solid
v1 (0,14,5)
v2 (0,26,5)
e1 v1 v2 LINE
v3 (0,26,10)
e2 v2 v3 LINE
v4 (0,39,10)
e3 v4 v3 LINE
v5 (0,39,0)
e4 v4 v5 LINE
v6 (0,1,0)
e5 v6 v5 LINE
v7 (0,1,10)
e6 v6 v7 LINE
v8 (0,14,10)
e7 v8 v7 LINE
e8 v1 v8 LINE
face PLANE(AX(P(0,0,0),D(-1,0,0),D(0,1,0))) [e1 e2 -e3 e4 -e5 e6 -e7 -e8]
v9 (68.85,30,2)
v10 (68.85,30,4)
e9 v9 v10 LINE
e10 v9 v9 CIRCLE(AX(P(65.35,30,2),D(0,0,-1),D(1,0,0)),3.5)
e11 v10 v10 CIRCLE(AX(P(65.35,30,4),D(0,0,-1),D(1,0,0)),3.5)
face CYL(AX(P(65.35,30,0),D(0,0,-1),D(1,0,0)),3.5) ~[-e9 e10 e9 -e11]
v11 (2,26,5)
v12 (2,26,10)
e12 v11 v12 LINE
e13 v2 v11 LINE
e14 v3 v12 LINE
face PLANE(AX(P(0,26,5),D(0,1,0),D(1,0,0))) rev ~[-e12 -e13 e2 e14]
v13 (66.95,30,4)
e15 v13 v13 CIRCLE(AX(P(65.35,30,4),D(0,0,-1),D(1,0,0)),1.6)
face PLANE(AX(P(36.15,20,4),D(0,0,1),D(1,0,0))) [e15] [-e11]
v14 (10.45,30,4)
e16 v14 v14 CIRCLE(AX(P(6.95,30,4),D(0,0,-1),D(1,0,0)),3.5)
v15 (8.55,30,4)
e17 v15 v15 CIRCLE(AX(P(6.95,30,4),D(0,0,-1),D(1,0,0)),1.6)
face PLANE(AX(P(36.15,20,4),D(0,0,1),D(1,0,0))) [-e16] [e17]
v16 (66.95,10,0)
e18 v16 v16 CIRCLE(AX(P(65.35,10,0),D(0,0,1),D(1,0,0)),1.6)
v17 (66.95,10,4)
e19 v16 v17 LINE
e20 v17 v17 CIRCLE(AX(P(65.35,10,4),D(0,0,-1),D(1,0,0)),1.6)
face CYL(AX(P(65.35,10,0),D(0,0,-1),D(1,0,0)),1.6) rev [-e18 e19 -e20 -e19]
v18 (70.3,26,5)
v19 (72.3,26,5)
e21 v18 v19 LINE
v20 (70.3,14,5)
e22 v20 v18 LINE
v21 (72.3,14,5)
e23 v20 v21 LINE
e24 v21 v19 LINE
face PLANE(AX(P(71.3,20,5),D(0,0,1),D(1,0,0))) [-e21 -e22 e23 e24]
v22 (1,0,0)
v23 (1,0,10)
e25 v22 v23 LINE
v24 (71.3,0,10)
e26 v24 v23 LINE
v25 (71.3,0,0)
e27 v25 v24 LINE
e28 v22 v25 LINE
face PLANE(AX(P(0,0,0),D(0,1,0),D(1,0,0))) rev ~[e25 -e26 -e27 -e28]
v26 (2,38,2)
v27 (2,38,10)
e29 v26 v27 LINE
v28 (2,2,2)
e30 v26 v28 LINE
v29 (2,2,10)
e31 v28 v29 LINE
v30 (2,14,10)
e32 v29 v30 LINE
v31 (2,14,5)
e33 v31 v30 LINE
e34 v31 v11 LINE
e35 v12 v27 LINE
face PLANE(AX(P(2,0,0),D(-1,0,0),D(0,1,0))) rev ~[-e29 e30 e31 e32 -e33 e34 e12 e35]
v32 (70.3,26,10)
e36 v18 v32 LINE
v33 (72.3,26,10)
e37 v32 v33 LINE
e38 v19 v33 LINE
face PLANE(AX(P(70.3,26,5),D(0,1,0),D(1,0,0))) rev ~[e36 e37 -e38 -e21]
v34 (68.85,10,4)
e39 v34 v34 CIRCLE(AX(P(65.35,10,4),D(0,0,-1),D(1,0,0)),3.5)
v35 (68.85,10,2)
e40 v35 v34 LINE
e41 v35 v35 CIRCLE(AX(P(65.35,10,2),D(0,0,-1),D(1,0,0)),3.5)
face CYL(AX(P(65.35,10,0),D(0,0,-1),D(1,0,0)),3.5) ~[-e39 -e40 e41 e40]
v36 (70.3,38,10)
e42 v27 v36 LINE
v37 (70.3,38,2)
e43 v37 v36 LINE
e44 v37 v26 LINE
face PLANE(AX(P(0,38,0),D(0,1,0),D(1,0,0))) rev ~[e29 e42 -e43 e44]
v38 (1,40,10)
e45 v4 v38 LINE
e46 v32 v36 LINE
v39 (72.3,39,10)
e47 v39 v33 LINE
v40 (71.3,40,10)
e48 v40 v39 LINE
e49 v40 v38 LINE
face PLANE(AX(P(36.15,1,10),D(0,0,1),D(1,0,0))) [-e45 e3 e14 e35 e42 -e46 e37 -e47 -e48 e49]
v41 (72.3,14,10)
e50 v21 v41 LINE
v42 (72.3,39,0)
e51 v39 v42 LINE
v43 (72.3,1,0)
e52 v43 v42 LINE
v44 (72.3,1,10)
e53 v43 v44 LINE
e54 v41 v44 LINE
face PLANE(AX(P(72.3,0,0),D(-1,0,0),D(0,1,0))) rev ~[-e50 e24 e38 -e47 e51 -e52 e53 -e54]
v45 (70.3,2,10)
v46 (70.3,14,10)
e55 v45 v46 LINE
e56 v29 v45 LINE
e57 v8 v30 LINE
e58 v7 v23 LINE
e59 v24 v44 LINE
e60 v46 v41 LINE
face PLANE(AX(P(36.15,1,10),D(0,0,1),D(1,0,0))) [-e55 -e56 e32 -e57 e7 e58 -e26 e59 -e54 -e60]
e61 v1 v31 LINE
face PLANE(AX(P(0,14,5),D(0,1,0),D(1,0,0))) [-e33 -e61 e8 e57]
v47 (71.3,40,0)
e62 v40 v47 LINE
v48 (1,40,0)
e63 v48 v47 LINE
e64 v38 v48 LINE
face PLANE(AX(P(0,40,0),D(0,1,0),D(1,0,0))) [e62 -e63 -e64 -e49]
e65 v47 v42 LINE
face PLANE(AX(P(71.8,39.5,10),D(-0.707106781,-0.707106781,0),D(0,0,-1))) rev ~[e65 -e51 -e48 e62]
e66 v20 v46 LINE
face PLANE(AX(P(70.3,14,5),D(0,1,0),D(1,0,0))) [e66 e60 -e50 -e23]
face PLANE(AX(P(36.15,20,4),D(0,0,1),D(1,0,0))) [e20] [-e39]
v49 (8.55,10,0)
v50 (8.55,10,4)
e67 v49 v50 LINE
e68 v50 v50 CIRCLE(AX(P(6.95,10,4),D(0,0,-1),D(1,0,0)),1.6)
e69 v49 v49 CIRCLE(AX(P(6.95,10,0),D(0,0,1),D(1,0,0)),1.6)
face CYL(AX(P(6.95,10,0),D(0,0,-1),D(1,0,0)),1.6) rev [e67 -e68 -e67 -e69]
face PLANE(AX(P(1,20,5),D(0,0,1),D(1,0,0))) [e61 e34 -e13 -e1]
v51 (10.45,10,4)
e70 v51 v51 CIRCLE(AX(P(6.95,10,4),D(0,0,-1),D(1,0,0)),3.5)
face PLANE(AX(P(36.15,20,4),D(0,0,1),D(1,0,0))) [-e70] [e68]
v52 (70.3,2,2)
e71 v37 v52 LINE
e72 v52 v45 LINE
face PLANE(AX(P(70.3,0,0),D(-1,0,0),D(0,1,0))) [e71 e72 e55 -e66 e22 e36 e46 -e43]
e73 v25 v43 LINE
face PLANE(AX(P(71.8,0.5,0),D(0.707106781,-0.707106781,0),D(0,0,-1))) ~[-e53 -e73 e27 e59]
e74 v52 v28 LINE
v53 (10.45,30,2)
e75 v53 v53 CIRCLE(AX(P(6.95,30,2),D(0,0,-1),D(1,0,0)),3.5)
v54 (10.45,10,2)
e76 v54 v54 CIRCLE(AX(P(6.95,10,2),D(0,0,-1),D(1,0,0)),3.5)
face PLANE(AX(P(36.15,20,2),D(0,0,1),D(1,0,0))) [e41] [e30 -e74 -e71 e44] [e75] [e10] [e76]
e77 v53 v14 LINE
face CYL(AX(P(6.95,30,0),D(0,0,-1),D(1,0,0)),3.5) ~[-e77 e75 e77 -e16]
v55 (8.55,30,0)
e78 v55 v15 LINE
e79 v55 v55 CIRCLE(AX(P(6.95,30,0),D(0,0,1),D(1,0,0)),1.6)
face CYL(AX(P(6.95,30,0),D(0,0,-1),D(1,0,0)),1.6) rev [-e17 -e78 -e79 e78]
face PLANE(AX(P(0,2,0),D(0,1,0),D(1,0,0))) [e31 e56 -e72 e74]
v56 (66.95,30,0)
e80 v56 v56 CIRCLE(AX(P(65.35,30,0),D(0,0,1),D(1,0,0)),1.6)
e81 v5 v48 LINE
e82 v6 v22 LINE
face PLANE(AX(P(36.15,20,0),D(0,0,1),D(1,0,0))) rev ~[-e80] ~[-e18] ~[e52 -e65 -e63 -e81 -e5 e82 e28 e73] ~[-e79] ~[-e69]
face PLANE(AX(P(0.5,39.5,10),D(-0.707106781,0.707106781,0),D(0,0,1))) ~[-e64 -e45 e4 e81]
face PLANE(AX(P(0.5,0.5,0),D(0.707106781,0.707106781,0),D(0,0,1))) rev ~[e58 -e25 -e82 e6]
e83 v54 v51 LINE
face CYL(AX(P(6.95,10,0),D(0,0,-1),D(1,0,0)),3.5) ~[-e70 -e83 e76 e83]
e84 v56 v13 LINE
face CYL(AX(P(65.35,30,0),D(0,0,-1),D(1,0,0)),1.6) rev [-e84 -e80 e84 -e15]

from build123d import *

# Parameters (mm, degrees)
BOX_W             = 67.3
BOX_H             = 34.3
BOX_DEPTH         = 1
BOX007_W          = 2
BOX007_H          = 12
BOX007_DEPTH      = 5
BOX008_W          = 2
BOX008_H          = 12
BOX008_DEPTH      = 5
CYLINDER006_R     = 1.6
CYLINDER006_DEPTH = 5
CYLINDER004_R     = 1.6
CYLINDER004_DEPTH = 5
CYLINDER005_R     = 1.6
CYLINDER005_DEPTH = 5
CYLINDER007_R     = 1.6
CYLINDER007_DEPTH = 5
BOX005_W          = 72.3
BOX005_H          = 2
BOX005_DEPTH      = 10
BOX004_W          = 2
BOX004_H          = 40
BOX004_DEPTH      = 10
BOX003_W          = 2
BOX003_H          = 40
BOX003_DEPTH      = 10
BOX006_W          = 72.3
BOX006_H          = 2
BOX006_DEPTH      = 10
BOX002_W          = 72.3
BOX002_H          = 40
BOX002_DEPTH      = 2
CYLINDER002_R     = 3.5
CYLINDER002_DEPTH = 5
CYLINDER001_R     = 3.5
CYLINDER001_DEPTH = 5
CYLINDER_R        = 3.5
CYLINDER_DEPTH    = 5
CYLINDER003_R     = 3.5
CYLINDER003_DEPTH = 5
CHAMFER_SIZE      = 1


with BuildPart() as cube:
    # Box → Box (new body)
    with BuildSketch(Plane(origin=(2.5, 2.85, 4), x_dir=(1, 0, 0), z_dir=(0, 0, 1))):
        with Locations((33.65, 17.15)):
            Rectangle(BOX_W, BOX_H)
    extrude(amount=BOX_DEPTH)


with BuildPart() as cube007:
    # Box007 → Box007 (new body)
    with BuildSketch(Plane(origin=(0, 14, 2), x_dir=(1, 0, 0), z_dir=(0, 0, 1))):
        with Locations((1, 6)):
            Rectangle(BOX007_W, BOX007_H)
    extrude(amount=BOX007_DEPTH)


with BuildPart() as fusion005:
    # Box008 → Box008 (new body)
    with BuildSketch(Plane(origin=(70.3, 14, 2), x_dir=(1, 0, 0), z_dir=(0, 0, 1))):
        with Locations((1, 6)):
            Rectangle(BOX008_W, BOX008_H)
    extrude(amount=BOX008_DEPTH)

    # Fusion005: union Cube007
    add(cube007.part)


with BuildPart() as fusion005_1:
    # Fusion005 placement: moved
    add(fusion005.part.moved(Location((0, 0, 3))))


with BuildPart() as cylinder006:
    # Cylinder006 → Cylinder006 (new body)
    with BuildSketch(Plane(origin=(65.35, 10, 0), x_dir=(1, 0, 0), z_dir=(0, 0, 1))):
        Circle(CYLINDER006_R)
    extrude(amount=CYLINDER006_DEPTH)


with BuildPart() as cylinder004:
    # Cylinder004 → Cylinder004 (new body)
    with BuildSketch(Plane(origin=(6.95, 30, 0), x_dir=(1, 0, 0), z_dir=(0, 0, 1))):
        Circle(CYLINDER004_R)
    extrude(amount=CYLINDER004_DEPTH)


with BuildPart() as cylinder005:
    # Cylinder005 → Cylinder005 (new body)
    with BuildSketch(Plane(origin=(65.35, 30, 0), x_dir=(1, 0, 0), z_dir=(0, 0, 1))):
        Circle(CYLINDER005_R)
    extrude(amount=CYLINDER005_DEPTH)


with BuildPart() as fusion002:
    # Cylinder007 → Cylinder007 (new body)
    with BuildSketch(Plane(origin=(6.95, 10, 0), x_dir=(1, 0, 0), z_dir=(0, 0, 1))):
        Circle(CYLINDER007_R)
    extrude(amount=CYLINDER007_DEPTH)

    # Fusion002: union Cylinder006, Cylinder004, Cylinder005
    add(cylinder006.part)
    add(cylinder004.part)
    add(cylinder005.part)


with BuildPart() as cube005:
    # Box005 → Box005 (new body)
    with BuildSketch(Plane.XY):
        with Locations((36.15, 1)):
            Rectangle(BOX005_W, BOX005_H)
    extrude(amount=BOX005_DEPTH)


with BuildPart() as cube004:
    # Box004 → Box004 (new body)
    with BuildSketch(Plane(origin=(70.3, 0, 0), x_dir=(1, 0, 0), z_dir=(0, 0, 1))):
        with Locations((1, 20)):
            Rectangle(BOX004_W, BOX004_H)
    extrude(amount=BOX004_DEPTH)


with BuildPart() as cube003:
    # Box003 → Box003 (new body)
    with BuildSketch(Plane.XY):
        with Locations((1, 20)):
            Rectangle(BOX003_W, BOX003_H)
    extrude(amount=BOX003_DEPTH)


with BuildPart() as wall:
    # Box006 → Box006 (new body)
    with BuildSketch(Plane(origin=(0, 38, 0), x_dir=(1, 0, 0), z_dir=(0, 0, 1))):
        with Locations((36.15, 1)):
            Rectangle(BOX006_W, BOX006_H)
    extrude(amount=BOX006_DEPTH)

    # Fusion: union Cube005, Cube004, Cube003
    add(cube005.part)
    add(cube004.part)
    add(cube003.part)


with BuildPart() as fusion003:
    # Box002 → Box002 (new body)
    with BuildSketch(Plane.XY):
        with Locations((36.15, 20)):
            Rectangle(BOX002_W, BOX002_H)
    extrude(amount=BOX002_DEPTH)

    # Fusion003: union wall
    add(wall.part)


with BuildPart() as cylinder002:
    # Cylinder002 → Cylinder002 (new body)
    with BuildSketch(Plane(origin=(65.35, 30, 0), x_dir=(1, 0, 0), z_dir=(0, 0, 1))):
        Circle(CYLINDER002_R)
    extrude(amount=CYLINDER002_DEPTH)


with BuildPart() as cylinder001:
    # Cylinder001 → Cylinder001 (new body)
    with BuildSketch(Plane(origin=(65.35, 10, 0), x_dir=(1, 0, 0), z_dir=(0, 0, 1))):
        Circle(CYLINDER001_R)
    extrude(amount=CYLINDER001_DEPTH)


with BuildPart() as cylinder:
    # Cylinder → Cylinder (new body)
    with BuildSketch(Plane(origin=(6.95, 10, 0), x_dir=(1, 0, 0), z_dir=(0, 0, 1))):
        Circle(CYLINDER_R)
    extrude(amount=CYLINDER_DEPTH)


with BuildPart() as chamfer_body:
    # Cylinder003 → Cylinder003 (new body)
    with BuildSketch(Plane(origin=(6.95, 30, 0), x_dir=(1, 0, 0), z_dir=(0, 0, 1))):
        Circle(CYLINDER003_R)
    extrude(amount=CYLINDER003_DEPTH)

    # Fusion001: union Cylinder002, Cylinder001, Cylinder
    add(cylinder002.part)
    add(cylinder001.part)
    add(cylinder.part)

    # Fusion004: union Fusion003
    add(fusion003.part)

    # Cut: cut Fusion002
    add(fusion002.part, mode=Mode.SUBTRACT)

    # Cut001: cut Fusion005
    add(fusion005_1.part, mode=Mode.SUBTRACT)

    # Cut002: cut Cube
    add(cube.part, mode=Mode.SUBTRACT)

    # Chamfer
    chamfer_edges = [chamfer_body.edges().sort_by_distance(p)[0] for p in [
        (0, 0, 6),
        (0, 40, 6),
        (72.3, 0, 6),
        (72.3, 40, 6),
        (0, 0, 1),
        (0, 40, 1),
        (72.3, 0, 1),
        (72.3, 40, 1),
    ]]
    chamfer(chamfer_edges, length=CHAMFER_SIZE)


solid = chamfer_body.part
